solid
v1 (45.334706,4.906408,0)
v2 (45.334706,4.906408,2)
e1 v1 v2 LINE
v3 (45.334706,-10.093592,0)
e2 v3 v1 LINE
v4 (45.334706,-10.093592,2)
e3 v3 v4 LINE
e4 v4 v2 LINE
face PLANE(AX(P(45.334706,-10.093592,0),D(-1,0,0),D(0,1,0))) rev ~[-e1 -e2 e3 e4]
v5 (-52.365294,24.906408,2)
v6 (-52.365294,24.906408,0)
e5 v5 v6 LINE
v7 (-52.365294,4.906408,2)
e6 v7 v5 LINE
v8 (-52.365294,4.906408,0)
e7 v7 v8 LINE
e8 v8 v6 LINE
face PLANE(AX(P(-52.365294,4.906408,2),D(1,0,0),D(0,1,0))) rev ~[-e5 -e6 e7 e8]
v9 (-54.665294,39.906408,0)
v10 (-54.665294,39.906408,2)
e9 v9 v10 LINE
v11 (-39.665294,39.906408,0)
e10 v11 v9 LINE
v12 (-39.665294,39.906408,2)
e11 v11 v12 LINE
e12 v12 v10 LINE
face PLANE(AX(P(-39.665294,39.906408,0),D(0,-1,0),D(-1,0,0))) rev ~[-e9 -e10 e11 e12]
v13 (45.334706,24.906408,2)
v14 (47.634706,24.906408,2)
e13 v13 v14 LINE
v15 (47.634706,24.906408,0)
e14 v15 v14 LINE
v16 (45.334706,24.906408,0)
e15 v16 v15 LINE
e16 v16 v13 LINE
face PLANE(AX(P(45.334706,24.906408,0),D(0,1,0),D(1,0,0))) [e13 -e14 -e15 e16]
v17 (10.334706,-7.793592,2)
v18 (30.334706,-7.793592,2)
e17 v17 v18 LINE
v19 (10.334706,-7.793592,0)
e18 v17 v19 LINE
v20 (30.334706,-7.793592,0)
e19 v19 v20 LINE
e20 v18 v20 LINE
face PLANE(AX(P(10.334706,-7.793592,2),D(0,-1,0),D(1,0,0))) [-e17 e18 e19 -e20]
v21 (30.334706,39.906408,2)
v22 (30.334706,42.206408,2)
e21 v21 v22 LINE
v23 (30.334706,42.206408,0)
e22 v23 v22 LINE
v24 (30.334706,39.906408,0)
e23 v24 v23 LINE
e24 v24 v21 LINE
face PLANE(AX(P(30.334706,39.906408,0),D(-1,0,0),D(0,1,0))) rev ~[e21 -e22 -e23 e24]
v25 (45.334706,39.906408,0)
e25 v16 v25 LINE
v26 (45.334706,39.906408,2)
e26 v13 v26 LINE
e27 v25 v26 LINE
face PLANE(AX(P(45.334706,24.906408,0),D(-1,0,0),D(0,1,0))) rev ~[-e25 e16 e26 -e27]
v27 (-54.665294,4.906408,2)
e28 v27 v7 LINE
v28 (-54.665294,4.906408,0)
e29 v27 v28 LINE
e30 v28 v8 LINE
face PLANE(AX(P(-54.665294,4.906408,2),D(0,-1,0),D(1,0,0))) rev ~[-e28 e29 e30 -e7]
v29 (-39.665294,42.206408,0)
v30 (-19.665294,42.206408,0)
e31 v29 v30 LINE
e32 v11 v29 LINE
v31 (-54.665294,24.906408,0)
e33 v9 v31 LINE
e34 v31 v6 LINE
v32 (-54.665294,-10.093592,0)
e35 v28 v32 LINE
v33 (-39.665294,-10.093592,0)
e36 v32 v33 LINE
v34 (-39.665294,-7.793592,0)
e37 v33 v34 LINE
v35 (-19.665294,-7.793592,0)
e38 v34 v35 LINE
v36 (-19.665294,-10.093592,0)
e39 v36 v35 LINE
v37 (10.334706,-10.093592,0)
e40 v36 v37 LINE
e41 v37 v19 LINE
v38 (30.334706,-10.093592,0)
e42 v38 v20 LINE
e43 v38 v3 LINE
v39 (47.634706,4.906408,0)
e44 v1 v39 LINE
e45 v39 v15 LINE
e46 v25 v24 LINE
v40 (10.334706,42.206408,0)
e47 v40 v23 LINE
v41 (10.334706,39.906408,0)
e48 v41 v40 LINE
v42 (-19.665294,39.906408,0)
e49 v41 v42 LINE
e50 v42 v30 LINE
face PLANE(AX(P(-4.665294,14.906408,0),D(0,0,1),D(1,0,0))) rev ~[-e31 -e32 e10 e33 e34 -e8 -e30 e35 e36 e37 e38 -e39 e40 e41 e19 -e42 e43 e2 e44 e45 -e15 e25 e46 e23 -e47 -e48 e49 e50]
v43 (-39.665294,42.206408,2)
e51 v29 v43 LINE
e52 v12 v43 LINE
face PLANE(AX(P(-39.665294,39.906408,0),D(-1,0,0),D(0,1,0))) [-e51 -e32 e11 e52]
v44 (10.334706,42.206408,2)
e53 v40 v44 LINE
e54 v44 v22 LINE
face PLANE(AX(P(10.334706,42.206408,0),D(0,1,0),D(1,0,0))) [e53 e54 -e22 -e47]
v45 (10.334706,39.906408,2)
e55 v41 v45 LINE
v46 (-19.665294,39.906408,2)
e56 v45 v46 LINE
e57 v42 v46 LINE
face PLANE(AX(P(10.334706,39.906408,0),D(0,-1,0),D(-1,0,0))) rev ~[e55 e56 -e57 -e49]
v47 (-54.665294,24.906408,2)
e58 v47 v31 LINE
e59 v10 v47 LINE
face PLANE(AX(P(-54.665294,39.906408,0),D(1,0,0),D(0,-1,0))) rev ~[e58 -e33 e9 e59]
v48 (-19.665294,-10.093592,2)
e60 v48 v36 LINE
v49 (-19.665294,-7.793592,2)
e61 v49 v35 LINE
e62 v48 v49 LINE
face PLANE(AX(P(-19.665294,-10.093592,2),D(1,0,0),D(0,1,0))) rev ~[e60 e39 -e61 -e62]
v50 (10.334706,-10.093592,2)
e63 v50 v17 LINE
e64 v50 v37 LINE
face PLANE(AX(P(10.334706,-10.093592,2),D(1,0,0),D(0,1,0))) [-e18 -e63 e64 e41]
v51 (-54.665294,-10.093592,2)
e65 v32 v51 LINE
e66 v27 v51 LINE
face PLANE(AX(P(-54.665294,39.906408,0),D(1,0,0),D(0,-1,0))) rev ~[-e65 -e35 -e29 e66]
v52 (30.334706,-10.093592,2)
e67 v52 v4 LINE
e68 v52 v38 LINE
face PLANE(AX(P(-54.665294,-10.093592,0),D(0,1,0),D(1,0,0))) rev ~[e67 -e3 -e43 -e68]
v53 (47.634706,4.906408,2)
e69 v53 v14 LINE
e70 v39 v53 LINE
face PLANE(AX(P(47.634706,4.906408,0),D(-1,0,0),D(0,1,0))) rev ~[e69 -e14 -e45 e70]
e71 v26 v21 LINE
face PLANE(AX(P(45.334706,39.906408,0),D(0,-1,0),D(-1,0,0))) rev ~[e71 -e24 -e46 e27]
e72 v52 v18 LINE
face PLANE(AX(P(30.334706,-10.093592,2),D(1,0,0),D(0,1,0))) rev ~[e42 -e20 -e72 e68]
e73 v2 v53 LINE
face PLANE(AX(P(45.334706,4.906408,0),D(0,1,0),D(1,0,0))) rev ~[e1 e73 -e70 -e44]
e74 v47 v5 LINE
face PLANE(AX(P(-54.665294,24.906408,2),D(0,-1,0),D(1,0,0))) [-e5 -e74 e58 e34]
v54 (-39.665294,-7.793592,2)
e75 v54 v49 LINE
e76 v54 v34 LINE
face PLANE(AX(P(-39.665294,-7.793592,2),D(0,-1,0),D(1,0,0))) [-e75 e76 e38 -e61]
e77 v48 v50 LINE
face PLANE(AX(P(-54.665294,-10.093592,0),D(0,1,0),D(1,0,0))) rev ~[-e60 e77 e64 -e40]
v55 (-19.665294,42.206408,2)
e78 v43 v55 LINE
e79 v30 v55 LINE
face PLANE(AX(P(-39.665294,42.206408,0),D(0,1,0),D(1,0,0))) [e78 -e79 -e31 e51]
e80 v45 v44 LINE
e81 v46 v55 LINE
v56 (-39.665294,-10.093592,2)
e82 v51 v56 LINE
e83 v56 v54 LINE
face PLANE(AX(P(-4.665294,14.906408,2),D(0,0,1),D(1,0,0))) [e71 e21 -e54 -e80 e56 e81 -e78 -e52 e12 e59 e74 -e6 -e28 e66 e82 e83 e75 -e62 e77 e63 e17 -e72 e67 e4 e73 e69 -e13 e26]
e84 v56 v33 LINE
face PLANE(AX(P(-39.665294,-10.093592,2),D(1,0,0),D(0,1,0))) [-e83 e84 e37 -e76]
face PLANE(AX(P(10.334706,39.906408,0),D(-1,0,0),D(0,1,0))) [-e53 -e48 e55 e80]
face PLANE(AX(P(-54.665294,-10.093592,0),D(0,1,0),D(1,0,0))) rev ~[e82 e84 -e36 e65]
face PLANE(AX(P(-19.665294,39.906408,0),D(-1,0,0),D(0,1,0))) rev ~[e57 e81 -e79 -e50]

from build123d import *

# Parameters (mm, degrees)
F0_W     = 20
F0_H     = 2.3
F0_W_2   = 2.3
F0_H_2   = 20
F1_DEPTH = 2
F2_W     = 20
F2_H     = 2.3
F2_W_2   = 2.3
F2_H_2   = 20
F3_DEPTH = 5


with BuildPart() as f1:
    # F0 (on Top) → F1 (new body)
    with BuildSketch(Plane.XY):
        Polygon((-39.665294, 39.906408), (-54.665294, 39.906408), (-54.665294, -10.093592), (45.334706, -10.093592), (45.334706, 4.906408), (45.334706, 24.906408), (45.334706, 39.906408), (30.334706, 39.906408), (10.334706, 39.906408), (-19.665294, 39.906408), align=None)
        with Locations((-29.665294, 41.056408)):
            Rectangle(F0_W, F0_H)
        with Locations((20.334706, 41.056408)):
            Rectangle(F0_W, F0_H)
        with Locations((46.484706, 14.906408)):
            Rectangle(F0_W_2, F0_H_2)
    extrude(amount=F1_DEPTH)

    # F2 (on face) → F3 (cut)
    with BuildSketch(Plane.XY.offset(2)):
        with Locations((-29.665294, -8.943592)):
            Rectangle(F2_W, F2_H)
        with Locations((20.334706, -8.943592)):
            Rectangle(F2_W, F2_H)
        with Locations((-53.515294, 14.906408)):
            Rectangle(F2_W_2, F2_H_2)
    extrude(amount=-F3_DEPTH, mode=Mode.SUBTRACT)


solid = f1.part
